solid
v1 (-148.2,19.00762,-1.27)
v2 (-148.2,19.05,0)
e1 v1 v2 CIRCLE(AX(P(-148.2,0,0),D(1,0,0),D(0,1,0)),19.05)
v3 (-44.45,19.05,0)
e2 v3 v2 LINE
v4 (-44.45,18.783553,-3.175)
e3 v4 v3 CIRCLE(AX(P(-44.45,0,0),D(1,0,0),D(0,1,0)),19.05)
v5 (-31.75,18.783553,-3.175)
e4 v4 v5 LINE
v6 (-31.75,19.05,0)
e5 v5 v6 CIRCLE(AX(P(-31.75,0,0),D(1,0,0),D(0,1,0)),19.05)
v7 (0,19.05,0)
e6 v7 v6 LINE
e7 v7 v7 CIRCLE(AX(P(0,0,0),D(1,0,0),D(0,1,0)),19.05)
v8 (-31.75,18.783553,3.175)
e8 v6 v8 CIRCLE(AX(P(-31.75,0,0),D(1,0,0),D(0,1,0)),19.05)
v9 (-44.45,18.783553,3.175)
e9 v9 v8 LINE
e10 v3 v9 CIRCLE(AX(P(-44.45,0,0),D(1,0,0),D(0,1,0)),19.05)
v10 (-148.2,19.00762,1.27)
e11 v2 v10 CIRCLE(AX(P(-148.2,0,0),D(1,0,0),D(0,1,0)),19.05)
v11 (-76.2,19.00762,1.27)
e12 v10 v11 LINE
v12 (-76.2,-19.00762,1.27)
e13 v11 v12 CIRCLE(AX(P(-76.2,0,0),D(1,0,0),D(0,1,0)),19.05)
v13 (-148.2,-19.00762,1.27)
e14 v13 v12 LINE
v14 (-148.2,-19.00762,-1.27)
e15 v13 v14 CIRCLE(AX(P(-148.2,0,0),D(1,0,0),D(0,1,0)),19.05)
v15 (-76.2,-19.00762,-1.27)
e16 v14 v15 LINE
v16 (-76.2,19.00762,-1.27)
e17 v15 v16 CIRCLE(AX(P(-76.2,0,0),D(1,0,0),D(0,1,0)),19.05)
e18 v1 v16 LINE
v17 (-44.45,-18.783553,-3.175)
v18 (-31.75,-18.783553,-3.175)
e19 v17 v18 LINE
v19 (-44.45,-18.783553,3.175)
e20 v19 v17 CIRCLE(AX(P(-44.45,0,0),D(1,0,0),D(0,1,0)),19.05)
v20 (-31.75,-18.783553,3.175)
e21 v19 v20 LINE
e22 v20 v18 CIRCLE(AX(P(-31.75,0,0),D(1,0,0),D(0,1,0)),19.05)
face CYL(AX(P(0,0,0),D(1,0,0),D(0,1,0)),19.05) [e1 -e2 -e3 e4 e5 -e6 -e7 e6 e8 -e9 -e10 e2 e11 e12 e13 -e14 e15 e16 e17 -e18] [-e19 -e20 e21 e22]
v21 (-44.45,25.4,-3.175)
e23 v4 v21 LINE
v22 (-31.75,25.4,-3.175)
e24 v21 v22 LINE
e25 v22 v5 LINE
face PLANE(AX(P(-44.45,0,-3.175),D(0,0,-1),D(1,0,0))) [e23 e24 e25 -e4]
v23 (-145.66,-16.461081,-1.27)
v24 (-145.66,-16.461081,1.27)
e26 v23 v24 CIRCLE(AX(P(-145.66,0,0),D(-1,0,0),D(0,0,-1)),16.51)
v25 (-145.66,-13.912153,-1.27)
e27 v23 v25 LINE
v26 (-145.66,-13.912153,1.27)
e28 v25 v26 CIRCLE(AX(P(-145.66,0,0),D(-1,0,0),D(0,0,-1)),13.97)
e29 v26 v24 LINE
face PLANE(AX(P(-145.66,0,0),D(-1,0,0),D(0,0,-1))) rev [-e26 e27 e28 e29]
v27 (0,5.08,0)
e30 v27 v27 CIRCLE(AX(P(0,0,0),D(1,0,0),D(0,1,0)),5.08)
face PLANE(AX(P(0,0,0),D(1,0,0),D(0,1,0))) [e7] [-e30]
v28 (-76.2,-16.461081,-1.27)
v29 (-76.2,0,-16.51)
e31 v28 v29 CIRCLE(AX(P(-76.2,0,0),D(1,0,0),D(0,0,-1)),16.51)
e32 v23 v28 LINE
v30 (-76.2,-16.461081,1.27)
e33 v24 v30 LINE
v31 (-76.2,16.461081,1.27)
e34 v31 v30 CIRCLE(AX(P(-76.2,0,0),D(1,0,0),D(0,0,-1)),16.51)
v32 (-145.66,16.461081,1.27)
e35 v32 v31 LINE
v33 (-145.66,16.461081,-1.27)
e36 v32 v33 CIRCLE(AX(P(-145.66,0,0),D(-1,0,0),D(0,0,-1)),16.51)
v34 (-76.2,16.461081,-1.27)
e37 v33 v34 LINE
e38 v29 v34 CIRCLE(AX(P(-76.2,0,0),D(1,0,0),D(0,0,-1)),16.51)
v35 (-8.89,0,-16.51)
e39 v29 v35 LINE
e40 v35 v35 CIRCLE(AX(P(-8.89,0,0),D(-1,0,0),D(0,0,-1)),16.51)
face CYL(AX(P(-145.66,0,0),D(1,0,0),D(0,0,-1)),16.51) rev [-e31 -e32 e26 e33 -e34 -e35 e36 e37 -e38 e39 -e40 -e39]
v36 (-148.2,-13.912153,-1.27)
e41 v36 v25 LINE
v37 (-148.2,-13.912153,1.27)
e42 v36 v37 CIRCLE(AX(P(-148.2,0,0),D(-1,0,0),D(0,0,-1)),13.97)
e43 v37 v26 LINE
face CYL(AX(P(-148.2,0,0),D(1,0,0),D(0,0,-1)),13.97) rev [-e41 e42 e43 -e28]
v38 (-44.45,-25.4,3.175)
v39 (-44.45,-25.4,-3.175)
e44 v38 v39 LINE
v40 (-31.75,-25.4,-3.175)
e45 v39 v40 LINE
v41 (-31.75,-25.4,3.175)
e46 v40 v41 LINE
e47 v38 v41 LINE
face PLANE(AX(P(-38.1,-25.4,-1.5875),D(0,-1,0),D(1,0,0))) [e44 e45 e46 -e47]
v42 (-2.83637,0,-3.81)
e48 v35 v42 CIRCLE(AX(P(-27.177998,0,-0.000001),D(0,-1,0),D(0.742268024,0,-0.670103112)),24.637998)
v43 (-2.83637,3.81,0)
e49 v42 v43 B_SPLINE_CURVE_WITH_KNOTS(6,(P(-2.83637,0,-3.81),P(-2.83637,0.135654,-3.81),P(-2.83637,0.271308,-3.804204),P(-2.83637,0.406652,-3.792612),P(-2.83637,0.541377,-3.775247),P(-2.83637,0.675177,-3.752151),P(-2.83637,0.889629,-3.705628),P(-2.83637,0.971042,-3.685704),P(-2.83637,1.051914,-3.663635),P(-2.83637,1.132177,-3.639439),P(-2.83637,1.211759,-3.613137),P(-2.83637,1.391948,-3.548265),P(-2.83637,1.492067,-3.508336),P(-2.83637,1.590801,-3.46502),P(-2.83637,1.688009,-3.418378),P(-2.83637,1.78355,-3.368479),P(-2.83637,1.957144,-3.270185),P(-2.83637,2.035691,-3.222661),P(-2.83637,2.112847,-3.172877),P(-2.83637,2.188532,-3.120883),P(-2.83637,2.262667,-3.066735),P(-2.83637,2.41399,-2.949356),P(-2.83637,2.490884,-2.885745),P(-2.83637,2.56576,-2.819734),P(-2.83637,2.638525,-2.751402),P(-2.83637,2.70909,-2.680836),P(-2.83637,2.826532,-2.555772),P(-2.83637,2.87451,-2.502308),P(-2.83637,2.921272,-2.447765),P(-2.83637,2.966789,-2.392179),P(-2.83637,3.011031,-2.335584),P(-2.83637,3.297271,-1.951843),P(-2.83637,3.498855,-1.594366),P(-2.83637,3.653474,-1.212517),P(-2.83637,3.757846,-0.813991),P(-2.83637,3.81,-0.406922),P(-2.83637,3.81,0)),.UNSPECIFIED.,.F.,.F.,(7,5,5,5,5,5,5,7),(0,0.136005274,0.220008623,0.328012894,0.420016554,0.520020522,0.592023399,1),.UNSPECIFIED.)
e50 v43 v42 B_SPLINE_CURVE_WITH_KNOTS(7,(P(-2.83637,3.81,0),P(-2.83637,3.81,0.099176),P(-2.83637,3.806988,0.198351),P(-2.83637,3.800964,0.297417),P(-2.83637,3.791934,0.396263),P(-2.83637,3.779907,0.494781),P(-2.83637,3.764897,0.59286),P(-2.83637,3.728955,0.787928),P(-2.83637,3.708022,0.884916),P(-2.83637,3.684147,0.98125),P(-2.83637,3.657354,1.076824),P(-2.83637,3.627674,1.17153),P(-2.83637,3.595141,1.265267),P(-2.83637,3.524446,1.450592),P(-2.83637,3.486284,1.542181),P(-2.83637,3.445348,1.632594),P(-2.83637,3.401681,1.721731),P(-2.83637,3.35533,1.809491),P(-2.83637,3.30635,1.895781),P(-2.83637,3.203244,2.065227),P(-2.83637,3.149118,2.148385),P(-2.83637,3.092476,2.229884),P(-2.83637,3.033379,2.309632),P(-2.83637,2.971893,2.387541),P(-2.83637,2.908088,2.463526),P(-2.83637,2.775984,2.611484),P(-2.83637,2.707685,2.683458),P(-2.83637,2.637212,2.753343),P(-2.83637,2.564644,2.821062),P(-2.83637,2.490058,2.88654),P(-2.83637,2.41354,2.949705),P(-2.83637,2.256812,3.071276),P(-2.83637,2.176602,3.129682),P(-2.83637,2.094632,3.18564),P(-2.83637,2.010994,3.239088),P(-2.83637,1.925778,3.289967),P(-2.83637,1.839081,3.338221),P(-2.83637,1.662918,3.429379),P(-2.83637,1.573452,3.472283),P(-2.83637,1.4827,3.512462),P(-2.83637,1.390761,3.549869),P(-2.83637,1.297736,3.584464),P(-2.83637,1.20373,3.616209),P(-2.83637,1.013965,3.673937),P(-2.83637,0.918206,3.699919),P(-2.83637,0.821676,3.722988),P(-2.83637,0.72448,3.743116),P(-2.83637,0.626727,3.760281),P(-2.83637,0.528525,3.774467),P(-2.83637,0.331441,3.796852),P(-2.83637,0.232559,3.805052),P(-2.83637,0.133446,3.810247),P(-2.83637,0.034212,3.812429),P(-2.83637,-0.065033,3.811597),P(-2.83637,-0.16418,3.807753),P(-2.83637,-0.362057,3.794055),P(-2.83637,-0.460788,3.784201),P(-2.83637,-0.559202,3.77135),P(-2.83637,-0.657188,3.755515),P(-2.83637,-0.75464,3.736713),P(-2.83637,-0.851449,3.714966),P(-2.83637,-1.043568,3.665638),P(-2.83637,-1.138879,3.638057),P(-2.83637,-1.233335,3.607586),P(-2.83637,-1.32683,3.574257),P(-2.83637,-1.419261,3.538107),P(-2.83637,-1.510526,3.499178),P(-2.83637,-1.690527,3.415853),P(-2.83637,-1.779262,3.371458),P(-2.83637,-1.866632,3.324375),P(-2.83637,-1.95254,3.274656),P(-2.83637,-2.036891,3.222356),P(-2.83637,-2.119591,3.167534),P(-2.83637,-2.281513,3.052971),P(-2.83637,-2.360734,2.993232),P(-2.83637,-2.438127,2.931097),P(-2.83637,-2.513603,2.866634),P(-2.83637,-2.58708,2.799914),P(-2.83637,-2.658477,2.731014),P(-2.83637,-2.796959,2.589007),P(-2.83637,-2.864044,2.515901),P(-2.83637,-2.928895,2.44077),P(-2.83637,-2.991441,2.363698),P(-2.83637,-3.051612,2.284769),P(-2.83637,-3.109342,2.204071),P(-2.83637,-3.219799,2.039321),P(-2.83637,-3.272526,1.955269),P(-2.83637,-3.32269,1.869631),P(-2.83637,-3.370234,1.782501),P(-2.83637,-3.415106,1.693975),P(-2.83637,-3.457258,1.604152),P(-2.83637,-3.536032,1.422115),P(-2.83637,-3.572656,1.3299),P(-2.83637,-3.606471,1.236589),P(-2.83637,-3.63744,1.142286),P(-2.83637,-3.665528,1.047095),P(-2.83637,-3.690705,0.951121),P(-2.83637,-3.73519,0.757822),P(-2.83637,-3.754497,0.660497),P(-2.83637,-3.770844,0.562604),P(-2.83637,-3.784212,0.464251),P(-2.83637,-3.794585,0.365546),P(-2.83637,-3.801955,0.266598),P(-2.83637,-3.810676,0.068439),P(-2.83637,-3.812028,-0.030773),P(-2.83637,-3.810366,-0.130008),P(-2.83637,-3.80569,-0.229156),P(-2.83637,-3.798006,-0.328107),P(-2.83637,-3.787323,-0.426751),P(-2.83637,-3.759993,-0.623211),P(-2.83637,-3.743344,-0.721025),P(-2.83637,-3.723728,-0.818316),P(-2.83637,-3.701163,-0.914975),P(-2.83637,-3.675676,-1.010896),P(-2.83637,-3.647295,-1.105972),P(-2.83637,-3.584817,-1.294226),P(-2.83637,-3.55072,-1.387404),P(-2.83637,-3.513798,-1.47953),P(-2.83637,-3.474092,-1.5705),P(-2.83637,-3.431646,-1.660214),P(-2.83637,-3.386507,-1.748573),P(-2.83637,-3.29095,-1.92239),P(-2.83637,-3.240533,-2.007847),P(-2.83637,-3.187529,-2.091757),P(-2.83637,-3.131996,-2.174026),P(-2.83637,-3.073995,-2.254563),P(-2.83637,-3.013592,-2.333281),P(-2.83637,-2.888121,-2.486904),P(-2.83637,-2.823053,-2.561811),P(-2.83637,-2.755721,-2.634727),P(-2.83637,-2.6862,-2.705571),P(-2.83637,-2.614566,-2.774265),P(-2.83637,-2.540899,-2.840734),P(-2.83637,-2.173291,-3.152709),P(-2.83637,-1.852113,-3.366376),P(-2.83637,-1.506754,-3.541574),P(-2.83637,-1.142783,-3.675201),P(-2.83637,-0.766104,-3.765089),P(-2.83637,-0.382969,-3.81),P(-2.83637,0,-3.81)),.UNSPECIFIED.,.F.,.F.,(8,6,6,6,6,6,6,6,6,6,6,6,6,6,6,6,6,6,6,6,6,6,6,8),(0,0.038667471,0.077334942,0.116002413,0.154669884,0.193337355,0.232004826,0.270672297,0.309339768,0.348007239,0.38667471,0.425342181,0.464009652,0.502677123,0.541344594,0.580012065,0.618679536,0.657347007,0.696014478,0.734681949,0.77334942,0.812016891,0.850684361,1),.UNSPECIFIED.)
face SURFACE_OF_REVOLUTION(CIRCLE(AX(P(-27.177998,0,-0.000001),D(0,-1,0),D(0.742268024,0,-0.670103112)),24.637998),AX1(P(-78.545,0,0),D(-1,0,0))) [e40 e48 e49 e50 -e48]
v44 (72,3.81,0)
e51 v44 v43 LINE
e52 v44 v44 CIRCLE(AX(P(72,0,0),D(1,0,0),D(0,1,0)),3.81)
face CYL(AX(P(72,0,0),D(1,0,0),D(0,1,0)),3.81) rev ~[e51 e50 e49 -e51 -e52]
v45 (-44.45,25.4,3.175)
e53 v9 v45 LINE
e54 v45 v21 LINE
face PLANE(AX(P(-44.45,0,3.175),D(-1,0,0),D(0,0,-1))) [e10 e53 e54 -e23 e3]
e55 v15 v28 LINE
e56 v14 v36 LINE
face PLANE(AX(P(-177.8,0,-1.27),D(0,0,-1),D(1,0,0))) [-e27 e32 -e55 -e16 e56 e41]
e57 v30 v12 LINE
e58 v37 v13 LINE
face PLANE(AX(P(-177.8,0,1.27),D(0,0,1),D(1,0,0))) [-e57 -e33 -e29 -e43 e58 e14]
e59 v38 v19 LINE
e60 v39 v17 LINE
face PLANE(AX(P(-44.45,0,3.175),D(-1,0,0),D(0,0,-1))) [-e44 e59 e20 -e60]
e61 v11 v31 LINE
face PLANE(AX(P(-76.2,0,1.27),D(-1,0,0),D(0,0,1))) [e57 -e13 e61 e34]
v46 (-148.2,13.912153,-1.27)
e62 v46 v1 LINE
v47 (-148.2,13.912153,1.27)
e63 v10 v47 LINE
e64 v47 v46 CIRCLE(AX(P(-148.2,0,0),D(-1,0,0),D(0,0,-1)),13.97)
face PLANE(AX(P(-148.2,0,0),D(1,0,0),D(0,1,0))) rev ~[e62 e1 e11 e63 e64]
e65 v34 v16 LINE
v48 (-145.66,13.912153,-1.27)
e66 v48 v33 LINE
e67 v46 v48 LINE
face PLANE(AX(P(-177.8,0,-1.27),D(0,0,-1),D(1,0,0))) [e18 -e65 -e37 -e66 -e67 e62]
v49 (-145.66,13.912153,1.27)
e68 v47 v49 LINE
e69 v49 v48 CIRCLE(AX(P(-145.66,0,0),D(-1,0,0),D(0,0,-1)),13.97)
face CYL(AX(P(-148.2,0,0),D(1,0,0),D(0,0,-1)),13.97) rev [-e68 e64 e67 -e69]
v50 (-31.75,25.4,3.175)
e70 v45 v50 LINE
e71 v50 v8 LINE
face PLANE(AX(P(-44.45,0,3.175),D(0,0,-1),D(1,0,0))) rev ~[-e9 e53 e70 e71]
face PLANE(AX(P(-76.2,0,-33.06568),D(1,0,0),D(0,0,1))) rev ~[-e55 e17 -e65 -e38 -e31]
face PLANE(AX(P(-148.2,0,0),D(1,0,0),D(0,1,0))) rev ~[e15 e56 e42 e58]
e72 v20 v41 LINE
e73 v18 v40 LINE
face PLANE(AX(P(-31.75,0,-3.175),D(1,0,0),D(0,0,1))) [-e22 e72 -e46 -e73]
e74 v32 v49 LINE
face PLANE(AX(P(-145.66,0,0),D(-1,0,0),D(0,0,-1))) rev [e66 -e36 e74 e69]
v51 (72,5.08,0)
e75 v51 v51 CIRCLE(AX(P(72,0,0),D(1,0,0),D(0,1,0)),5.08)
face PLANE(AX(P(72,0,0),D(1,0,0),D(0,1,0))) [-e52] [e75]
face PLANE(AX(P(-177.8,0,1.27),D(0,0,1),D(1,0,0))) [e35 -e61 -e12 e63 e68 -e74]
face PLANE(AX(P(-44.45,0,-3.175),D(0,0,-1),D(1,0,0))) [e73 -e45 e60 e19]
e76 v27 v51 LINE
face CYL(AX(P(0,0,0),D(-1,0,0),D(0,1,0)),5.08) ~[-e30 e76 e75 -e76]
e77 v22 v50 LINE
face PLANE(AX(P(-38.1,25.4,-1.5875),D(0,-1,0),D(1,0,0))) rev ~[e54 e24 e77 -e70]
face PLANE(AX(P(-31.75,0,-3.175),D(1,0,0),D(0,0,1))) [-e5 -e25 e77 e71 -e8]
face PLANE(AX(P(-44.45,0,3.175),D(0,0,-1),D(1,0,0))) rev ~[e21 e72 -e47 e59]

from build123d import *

# Parameters (mm, degrees)
F0_R      = 19.05
F1_DEPTH  = 148.2
F3_W      = 12.7
F3_H      = 3.175
F4_DEPTH  = 25.4
F6_W      = 101.6
F6_H      = 31.79568
F7_DEPTH  = 25.4
F8_R      = 5.08
F9_DEPTH  = 72
F10_R     = 3.81
F11_DEPTH = 152.4


with BuildPart() as f1:
    # F0 (on Right) → F1 (new body)
    with BuildSketch(Plane.YZ):
        Circle(F0_R)
    extrude(amount=-F1_DEPTH)

    # F3 (on Front) → F4 (join, symmetric)
    with BuildSketch(Plane.XZ):
        with Locations((-38.1, -1.5875)):
            Rectangle(F3_W, F3_H)
        with Locations((-38.1, 1.5875)):
            Rectangle(F3_W, F3_H)
    extrude(amount=F4_DEPTH, both=True)

    # F2 (on Front) → F5 (revolve, cut)
    with BuildSketch(Plane.XZ):
        with BuildLine():
            ThreePointArc((-8.89, -16.51), (-4.182231, -8.844527), (-2.54, 0))
            Line((-2.54, 0), (-8.89, 0))
            Line((-8.89, 0), (-8.89, -16.51))
        make_face()
        Polygon((-8.89, -16.51), (-8.89, 0), (-148.2, 0), (-148.2, -13.97), (-145.66, -13.97), (-145.66, -16.51), (-76.2, -16.51), align=None)
    revolve(axis=Axis((-78.545, 0, 0), (-1, 0, 0)), mode=Mode.SUBTRACT)

    # F6 (on Front) → F7 (cut, symmetric)
    with BuildSketch(Plane.XZ):
        Polygon((-177.8, 1.27), (-76.2, 1.27), (-76.2, 26.052563), (-178.992286, 26.052563), align=None)
        with Locations((-127, -17.16784)):
            Rectangle(F6_W, F6_H)
    extrude(amount=F7_DEPTH, both=True, mode=Mode.SUBTRACT)

    # F8 (on face) → F9 (join)
    with BuildSketch(Plane.YZ):
        Circle(F8_R)
    extrude(amount=F9_DEPTH)

    # F10 (on face) → F11 (cut)
    with BuildSketch(Plane.YZ.offset(72)):
        Circle(F10_R)
    extrude(amount=-F11_DEPTH, mode=Mode.SUBTRACT)


solid = f1.part
